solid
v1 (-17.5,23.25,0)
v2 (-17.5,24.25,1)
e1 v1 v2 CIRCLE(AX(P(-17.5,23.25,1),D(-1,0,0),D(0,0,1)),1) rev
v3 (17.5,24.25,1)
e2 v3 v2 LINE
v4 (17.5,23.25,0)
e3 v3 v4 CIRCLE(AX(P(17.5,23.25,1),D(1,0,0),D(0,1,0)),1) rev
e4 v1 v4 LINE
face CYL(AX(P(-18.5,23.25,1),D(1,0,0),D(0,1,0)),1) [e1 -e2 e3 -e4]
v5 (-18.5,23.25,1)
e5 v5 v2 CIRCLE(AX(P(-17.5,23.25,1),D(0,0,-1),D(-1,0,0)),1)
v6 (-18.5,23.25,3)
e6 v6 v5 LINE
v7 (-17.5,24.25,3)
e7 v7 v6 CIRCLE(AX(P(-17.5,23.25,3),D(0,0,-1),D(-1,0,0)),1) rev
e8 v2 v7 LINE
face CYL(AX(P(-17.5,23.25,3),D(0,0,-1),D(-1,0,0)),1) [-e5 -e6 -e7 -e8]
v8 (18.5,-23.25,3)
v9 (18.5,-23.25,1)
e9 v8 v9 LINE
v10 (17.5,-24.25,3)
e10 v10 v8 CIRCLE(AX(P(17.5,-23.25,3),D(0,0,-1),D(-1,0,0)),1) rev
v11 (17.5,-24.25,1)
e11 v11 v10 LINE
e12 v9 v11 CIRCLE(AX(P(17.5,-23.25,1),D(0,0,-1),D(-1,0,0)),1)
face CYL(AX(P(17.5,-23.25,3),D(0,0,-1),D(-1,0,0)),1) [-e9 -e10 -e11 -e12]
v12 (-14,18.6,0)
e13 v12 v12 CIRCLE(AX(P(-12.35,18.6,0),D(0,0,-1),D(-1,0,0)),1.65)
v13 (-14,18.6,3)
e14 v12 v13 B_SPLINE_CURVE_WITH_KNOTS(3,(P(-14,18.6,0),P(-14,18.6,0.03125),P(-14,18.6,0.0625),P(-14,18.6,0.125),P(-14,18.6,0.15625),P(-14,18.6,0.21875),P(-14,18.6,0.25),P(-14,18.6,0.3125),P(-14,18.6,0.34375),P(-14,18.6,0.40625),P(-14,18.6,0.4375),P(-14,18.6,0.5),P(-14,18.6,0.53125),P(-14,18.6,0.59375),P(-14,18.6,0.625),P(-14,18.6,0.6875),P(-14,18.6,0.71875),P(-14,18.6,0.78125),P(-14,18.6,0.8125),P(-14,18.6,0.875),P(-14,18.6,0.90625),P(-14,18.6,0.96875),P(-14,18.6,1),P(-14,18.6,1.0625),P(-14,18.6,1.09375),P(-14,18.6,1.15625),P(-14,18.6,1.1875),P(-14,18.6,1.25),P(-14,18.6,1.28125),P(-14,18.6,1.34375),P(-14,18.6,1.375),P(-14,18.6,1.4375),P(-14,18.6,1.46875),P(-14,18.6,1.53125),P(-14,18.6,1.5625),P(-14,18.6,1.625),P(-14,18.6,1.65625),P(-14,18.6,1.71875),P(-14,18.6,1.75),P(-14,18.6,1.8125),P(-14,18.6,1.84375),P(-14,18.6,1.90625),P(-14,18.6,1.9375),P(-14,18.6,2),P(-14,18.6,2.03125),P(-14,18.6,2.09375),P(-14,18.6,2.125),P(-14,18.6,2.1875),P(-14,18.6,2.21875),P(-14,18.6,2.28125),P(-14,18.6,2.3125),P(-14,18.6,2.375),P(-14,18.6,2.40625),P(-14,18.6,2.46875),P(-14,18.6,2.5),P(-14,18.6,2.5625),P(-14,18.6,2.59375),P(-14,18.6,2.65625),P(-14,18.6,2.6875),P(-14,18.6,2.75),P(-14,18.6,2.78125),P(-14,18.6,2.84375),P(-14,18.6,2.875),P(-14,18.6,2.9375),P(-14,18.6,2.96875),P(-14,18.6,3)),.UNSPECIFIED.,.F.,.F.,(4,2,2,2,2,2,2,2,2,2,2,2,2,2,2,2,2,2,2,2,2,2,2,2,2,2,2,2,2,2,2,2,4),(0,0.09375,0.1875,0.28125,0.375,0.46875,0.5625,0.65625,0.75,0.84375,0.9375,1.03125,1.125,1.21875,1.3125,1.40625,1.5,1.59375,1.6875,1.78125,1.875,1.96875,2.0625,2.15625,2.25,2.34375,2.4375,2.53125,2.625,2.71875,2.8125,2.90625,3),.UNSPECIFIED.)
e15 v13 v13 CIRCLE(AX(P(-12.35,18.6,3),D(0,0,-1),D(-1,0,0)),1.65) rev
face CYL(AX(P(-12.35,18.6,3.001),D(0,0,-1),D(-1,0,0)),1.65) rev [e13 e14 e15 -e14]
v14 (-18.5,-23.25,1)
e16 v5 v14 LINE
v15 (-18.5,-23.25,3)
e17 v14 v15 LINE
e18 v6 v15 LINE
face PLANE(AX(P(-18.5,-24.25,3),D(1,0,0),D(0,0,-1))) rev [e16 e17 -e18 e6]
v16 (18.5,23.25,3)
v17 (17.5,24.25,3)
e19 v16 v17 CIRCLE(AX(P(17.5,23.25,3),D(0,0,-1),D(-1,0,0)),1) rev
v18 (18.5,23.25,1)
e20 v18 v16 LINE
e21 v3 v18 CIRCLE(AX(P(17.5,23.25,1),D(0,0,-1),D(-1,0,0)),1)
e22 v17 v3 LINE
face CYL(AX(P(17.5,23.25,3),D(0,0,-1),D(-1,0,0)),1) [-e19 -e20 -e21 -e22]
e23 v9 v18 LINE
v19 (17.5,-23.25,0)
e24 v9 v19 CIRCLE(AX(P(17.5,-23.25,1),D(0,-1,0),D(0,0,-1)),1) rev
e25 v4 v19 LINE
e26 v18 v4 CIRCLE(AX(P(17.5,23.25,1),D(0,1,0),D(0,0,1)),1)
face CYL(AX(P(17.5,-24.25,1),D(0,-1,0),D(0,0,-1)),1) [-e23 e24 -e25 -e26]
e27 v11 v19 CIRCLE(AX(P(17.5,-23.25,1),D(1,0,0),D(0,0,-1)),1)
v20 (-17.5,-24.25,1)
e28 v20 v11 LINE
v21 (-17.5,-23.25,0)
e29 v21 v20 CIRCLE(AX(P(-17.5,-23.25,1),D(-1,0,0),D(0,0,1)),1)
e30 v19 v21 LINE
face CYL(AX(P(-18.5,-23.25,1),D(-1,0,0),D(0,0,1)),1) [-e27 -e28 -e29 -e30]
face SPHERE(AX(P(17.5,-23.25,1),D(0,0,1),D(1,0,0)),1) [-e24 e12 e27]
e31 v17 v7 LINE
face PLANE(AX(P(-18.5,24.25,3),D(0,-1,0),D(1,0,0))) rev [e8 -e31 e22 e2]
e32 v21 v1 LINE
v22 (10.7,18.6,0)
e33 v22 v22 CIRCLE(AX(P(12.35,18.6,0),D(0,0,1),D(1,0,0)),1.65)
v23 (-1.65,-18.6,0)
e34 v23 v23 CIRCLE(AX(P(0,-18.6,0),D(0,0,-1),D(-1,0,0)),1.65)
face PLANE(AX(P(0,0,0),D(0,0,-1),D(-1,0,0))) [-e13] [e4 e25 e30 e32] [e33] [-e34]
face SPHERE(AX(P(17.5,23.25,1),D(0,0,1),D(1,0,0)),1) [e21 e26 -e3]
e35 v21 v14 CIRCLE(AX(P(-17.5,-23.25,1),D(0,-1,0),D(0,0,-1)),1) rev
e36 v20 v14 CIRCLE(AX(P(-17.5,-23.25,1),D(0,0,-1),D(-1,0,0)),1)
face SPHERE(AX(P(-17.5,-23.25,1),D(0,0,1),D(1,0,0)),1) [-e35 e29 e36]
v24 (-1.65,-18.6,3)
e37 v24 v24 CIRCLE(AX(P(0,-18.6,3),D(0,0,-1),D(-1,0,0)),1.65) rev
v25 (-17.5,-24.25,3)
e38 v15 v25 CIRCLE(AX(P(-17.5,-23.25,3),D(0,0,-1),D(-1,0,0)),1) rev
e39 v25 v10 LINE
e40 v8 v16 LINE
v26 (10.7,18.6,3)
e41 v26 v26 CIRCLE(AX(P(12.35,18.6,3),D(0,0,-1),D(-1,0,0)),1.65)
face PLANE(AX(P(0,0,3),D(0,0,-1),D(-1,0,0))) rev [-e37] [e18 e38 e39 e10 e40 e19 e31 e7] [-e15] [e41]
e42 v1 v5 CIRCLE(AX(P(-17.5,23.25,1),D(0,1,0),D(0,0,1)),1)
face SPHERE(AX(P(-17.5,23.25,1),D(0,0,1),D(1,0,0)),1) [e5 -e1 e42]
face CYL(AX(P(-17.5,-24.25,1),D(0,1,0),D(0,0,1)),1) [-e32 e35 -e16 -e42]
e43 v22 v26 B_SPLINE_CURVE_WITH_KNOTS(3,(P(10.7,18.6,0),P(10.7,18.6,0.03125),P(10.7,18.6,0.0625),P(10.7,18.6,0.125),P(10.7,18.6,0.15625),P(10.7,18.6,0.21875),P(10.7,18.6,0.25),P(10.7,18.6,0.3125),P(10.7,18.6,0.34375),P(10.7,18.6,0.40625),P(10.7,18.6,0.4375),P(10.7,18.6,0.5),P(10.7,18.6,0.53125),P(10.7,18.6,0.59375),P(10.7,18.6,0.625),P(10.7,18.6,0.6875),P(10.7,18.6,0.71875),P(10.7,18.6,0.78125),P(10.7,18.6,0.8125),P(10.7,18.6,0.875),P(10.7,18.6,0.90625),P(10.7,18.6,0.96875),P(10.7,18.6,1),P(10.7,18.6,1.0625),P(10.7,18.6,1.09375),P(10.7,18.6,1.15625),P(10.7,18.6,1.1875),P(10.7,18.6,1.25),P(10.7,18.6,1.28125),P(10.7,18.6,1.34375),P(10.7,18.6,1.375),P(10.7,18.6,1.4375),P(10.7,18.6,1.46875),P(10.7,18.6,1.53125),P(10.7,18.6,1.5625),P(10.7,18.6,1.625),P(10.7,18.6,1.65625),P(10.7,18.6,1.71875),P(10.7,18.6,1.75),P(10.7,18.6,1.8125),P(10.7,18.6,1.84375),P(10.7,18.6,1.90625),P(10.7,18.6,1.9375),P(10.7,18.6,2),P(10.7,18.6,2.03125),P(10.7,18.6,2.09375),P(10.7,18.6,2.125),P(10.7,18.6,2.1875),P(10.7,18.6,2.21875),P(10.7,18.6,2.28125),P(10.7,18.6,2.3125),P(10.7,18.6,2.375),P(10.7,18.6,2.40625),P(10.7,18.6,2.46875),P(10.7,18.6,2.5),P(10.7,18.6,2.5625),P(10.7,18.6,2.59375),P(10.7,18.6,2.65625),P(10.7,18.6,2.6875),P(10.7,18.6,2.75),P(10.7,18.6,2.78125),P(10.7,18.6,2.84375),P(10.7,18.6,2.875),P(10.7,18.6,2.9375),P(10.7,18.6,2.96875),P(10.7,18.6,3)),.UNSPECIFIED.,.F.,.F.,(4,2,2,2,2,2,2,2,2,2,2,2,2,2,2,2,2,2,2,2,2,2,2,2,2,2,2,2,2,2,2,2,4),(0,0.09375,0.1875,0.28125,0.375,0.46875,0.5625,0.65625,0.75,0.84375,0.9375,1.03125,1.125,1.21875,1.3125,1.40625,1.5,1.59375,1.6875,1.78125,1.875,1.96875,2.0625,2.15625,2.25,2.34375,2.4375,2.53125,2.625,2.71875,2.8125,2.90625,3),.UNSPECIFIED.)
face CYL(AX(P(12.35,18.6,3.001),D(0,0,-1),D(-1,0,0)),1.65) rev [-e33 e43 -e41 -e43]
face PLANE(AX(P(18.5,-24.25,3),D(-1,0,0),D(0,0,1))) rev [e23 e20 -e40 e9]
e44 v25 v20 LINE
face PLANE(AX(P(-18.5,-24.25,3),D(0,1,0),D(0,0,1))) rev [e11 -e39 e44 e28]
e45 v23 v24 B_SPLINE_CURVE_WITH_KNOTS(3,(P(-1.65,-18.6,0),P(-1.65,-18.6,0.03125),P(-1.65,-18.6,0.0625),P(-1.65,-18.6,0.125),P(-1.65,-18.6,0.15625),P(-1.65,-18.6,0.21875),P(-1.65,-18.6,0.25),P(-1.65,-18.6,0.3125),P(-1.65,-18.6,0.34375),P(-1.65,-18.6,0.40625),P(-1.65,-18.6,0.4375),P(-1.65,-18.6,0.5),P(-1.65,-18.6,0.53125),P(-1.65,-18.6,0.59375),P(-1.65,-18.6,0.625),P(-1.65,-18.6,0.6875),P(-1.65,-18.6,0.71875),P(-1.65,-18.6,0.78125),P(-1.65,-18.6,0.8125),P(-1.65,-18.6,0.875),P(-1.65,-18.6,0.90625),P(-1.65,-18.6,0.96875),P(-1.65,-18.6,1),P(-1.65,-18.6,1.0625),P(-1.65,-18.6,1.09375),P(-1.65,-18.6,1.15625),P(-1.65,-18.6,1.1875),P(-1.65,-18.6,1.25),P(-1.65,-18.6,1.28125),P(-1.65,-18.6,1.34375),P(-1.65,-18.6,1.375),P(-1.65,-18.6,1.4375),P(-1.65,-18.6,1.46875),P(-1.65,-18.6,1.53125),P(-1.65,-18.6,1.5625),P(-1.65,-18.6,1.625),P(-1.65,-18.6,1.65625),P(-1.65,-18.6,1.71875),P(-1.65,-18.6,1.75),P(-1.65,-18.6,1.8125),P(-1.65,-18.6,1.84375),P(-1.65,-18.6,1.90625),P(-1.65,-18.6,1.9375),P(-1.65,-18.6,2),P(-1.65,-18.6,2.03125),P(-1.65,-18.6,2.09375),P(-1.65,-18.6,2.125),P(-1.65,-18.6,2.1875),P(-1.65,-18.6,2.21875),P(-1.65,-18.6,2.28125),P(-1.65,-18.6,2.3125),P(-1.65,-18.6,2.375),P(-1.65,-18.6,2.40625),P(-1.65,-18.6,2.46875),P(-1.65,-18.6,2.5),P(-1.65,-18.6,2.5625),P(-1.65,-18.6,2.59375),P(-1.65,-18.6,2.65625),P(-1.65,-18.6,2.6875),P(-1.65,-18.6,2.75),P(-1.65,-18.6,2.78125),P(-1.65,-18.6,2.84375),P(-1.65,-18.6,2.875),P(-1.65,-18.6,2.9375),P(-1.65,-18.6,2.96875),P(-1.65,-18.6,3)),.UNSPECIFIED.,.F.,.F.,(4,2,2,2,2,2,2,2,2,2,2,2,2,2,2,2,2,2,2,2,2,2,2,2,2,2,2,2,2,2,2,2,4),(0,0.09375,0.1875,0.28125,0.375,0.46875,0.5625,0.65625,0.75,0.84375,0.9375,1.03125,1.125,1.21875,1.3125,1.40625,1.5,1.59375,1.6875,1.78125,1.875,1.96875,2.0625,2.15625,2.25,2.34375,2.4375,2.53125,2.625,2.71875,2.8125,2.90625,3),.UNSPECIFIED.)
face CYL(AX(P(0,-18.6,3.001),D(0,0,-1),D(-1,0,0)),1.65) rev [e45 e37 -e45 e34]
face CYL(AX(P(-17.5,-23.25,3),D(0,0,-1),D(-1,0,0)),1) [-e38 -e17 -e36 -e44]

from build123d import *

# Parameters (mm, degrees)
SKETCH1_W           = 31
SKETCH1_H           = 42.5
BOSS_EXTRUDE1_DEPTH = 3
SKETCH2_W           = 37
SKETCH2_H           = 48.5
SKETCH2_W_2         = 31
SKETCH2_H_2         = 42.5
BOSS_EXTRUDE2_DEPTH = 3
CUT_EXTRUDE1_REACH  = 32.648
SKETCH3_R           = 1.65
FILLET4_R           = 1


with BuildPart() as part:
    # Sketch1 → Boss-Extrude1 (new body)
    with BuildSketch(Plane.XY):
        Rectangle(SKETCH1_W, SKETCH1_H)
    extrude(amount=BOSS_EXTRUDE1_DEPTH)

    # Sketch2 → Boss-Extrude2 (add)
    with BuildSketch(Plane.XY):
        Rectangle(SKETCH2_W, SKETCH2_H)
        Rectangle(SKETCH2_W_2, SKETCH2_H_2, mode=Mode.SUBTRACT)
    extrude(amount=BOSS_EXTRUDE2_DEPTH)

    # Sketch3 → Cut-Extrude1 (cut, up to next)
    with BuildSketch(Plane(origin=(0, 0, 0), x_dir=(-1, 0, 0), z_dir=(0, 0, -1)), mode=Mode.PRIVATE) as cut_extrude1_sk1:
        with Locations((12.35, 18.6)):
            Circle(SKETCH3_R)
    cut_extrude1_tool1 = extrude(cut_extrude1_sk1.sketch, amount=-CUT_EXTRUDE1_REACH, mode=Mode.PRIVATE) & part.part
    # Sketch3 → Cut-Extrude1 (cut, up to next)
    with BuildSketch(Plane(origin=(0, 0, 0), x_dir=(-1, 0, 0), z_dir=(0, 0, -1)), mode=Mode.PRIVATE) as cut_extrude1_sk2:
        with Locations((0, -18.6)):
            Circle(SKETCH3_R)
    cut_extrude1_tool2 = extrude(cut_extrude1_sk2.sketch, amount=-CUT_EXTRUDE1_REACH, mode=Mode.PRIVATE) & part.part
    cut_extrude1_1 = cut_extrude1_tool1.solids().sort_by_distance((-12.35, 18.6, 0))[0]
    add(cut_extrude1_1, mode=Mode.SUBTRACT)
    cut_extrude1_2 = cut_extrude1_tool2.solids().sort_by_distance((0, -18.6, 0))[0]
    add(cut_extrude1_2, mode=Mode.SUBTRACT)
    cut_extrude1 = cut_extrude1_1 + cut_extrude1_2  # Cut-Extrude1 as one shape, for the pattern or mirror that repeats it

    # Mirror1: Cut-Extrude1 across plane
    add(cut_extrude1.mirror(Plane(origin=(0, 0, 0), x_dir=(0, 0, 1), z_dir=(1, 0, 0))), mode=Mode.SUBTRACT)

    # Fillet4
    fillet4_edges = [part.edges().sort_by_distance(p)[0] for p in [
        (0, -24.25, 0),
        (-18.5, -24.25, 1.5),
        (18.5, 0, 0),
        (18.5, -24.25, 1.5),
        (0, 24.25, 0),
        (18.5, 24.25, 1.5),
        (-18.5, 0, 0),
        (-18.5, 24.25, 1.5),
    ]]
    fillet(fillet4_edges, radius=FILLET4_R)


solid = part.part
